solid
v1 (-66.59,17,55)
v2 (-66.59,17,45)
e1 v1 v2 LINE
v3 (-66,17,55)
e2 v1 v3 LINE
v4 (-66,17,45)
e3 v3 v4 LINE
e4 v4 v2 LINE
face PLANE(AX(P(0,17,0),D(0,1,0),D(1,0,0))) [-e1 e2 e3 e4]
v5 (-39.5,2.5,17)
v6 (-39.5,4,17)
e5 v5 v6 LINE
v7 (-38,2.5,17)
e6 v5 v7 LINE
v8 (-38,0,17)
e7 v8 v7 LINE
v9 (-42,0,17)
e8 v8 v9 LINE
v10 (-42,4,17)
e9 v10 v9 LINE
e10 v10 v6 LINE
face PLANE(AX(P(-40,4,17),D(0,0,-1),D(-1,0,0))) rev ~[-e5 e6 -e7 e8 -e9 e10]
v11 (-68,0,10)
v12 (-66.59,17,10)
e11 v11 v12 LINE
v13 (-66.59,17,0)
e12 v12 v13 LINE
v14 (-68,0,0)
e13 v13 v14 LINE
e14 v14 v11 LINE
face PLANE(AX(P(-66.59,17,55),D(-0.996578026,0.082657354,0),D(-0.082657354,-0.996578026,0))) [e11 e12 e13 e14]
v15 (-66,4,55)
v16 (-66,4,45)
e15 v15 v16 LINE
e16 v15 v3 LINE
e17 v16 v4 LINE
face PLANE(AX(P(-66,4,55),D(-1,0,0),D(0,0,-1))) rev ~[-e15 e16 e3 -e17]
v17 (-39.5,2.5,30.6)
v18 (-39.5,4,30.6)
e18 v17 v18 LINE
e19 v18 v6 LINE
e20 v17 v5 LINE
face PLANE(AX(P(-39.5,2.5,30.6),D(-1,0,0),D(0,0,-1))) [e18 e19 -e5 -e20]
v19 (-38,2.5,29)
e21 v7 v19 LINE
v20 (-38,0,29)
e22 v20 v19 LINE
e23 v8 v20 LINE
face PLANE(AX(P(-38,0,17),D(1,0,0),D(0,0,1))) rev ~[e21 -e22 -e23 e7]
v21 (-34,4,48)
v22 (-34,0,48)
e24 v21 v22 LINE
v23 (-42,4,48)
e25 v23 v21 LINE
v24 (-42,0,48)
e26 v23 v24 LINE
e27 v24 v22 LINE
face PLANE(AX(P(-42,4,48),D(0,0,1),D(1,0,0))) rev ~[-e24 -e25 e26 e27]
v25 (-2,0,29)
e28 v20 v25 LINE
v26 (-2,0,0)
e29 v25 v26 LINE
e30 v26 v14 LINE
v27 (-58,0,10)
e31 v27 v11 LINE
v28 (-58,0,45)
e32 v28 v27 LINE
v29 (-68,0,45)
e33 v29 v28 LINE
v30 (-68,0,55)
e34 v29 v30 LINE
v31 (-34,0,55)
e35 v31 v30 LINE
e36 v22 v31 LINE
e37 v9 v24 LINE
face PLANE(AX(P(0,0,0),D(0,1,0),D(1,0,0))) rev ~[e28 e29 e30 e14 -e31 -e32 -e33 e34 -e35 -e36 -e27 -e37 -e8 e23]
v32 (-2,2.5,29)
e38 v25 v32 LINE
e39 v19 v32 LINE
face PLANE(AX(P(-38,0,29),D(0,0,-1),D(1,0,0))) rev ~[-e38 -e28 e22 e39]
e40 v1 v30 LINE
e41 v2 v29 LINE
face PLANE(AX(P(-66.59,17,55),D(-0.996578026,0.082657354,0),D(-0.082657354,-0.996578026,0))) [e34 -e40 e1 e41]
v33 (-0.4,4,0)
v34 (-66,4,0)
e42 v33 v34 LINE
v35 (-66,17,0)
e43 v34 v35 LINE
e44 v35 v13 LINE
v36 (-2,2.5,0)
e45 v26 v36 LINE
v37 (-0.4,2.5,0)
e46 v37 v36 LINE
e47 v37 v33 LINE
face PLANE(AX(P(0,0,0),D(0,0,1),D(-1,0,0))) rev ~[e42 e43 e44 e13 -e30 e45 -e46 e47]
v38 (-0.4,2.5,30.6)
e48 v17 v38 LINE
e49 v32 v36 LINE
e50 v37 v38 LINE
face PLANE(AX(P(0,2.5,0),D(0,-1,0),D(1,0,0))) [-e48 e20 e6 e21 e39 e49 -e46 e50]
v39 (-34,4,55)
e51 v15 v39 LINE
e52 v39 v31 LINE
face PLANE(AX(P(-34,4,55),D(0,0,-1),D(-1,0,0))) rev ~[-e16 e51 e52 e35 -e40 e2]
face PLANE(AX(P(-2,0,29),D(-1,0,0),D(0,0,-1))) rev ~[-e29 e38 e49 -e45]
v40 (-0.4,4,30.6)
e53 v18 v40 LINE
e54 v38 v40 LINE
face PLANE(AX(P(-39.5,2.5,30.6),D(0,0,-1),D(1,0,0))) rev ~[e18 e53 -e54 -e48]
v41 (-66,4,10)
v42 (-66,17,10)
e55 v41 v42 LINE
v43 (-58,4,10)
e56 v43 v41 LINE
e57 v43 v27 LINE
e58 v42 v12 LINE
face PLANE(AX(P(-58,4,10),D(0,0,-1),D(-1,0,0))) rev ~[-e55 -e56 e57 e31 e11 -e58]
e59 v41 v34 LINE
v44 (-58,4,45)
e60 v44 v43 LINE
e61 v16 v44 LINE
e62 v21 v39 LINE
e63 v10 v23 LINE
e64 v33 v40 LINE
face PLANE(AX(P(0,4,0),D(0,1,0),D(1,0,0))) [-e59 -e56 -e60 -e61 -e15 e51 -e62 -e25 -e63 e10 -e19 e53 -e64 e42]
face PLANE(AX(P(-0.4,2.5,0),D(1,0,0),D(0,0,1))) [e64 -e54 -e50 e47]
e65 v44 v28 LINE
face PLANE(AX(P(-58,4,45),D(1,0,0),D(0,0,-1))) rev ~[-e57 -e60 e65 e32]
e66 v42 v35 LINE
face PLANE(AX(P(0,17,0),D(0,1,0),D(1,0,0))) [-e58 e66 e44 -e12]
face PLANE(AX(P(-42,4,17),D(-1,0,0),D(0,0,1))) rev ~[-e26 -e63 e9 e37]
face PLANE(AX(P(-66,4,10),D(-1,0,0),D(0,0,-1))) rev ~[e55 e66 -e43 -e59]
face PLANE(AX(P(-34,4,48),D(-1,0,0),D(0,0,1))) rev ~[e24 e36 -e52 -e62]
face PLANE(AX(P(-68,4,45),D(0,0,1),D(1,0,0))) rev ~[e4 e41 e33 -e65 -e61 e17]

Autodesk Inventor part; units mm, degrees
ref_plane "YZ Plane" through (0, 0, 0) normal (1, 0, 0) x (0, 1, 0)
ref_plane "XZ Plane" through (0, 0, 0) normal (0, 1, 0) x (-1, 0, 0)
ref_plane "XY Plane" through (0, 0, 0) normal (0, 0, 1) x (1, 0, 0)
sketch "плоскость" plane through (0, 0, 0) normal (0, 1, 0) x (-1, 0, 0)
  line L0 (68, 55) -> (0, 55)
  line L1 (0, 55) -> (0, 0)
  line L2 (0, 0) -> (68, 0)
  line L3 (68, 0) -> (68, 55)
  dimension "d0" = 68
  dimension "d1" = 55
extrude "толщина" add sketch "плоскость" along normal blind 4
sketch "вырез" plane through (0, 4, 0) normal (0, 1, 0) x (1, 0, 0)
  line L0 (-68, 0) -> (-68, -55) projected
  line L1 (-68, -45) -> (-58, -45)
  line L2 (-58, -45) -> (-58, -10)
  line L3 (-58, -10) -> (-68, -10)
  line L4 (-68, -10) -> (-68, -45)
  line L5 (0, -55) -> (0, 0) projected
  line L6 (-68, -55) -> (0, -55) projected
  line L7 (0, -31) -> (-42, -31)
  line L8 (-42, -31) -> (-42, -55)
  line L9 (-42, -55) -> (0, -55)
  line L10 (0, -55) -> (0, -31)
  line L11 (0, 0) -> (-68, 0) projected
  point P0 (-68, -10)
  point P1 (-63, -10)
  point P2 (-63, -45)
  dimension "d4" = 35
  dimension "d5" = 10
  dimension "d25" = 58
  dimension "d34" = 10
  dimension "d35" = 10
extrude "вырез глубина" cut sketch "вырез" against normal blind 4 contours L3 L2 L1 L0
sketch "Эскиз3" plane through (0, 4, 0) normal (0, 1, 0) x (1, 0, 0)
  line L0 (-68, 0) -> (-68, -55) projected
  line L1 (-58, -45) -> (-68, -45) projected
  line L2 (-68, -55) -> (-66, -55)
  line L3 (-66, -55) -> (-66, -45)
  line L4 (-66, -45) -> (-68, -45)
  line L5 (-68, -45) -> (-68, -55)
  line L6 (-58, -10) -> (-68, -10) projected
  line L7 (0, 0) -> (-68, 0) projected
  line L8 (-68, -10) -> (-66, -10)
  line L9 (-66, -10) -> (-66, 0)
  line L10 (-66, 0) -> (-68, 0)
  line L11 (-68, 0) -> (-68, -10)
  point P0 (-68, 0)
extrude "Выдавливание3" add sketch "Эскиз3" along normal blind 13
sketch "лапки" plane through (-68, 0, 55) normal (0, 0, 1) x (1, 0, 0)
  line L0 (0, 0) -> (0, 17) projected
  line L1 (0, 0) -> (0, 17)
  line L2 (0, 17) -> (1.41, 17)
  line L3 (0, 0) -> (10, 0) projected
  line L4 (1.41, 17) -> (0, 0)
  point P0 (68, 0)
  point P1 (0, 1)
  point P2 (0, 1)
extrude "Выдавливание4" cut sketch "лапки" against normal through all
sketch "Эскиз10" plane through (0, 4, 0) normal (0, 1, 0) x (1, 0, 0)
  line L0 (0, -55) -> (0, 0) projected
  line L1 (-68, -55) -> (0, -55) projected
  line L2 (0, -31) -> (-42, -31)
  line L3 (-42, -31) -> (-42, -55)
  line L4 (-42, -55) -> (0, -55)
  line L5 (0, -55) -> (0, -31)
extrude "Выдавливание7" cut sketch "Эскиз10" against normal blind 4
sketch "Эскиз11" plane through (0, 4, 0) normal (0, 1, 0) x (1, 0, 0)
  line L0 (0, -31) -> (-42, -31) projected
  line L1 (-40, -17) -> (-42, -17)
  line L2 (-42, -17) -> (-42, -31)
  line L3 (-42, -31) -> (-40, -31)
  line L4 (-40, -31) -> (-40, -17)
  point P0 (0, 0)
extrude "Выдавливание8" cut sketch "Эскиз11" against normal blind 4
sketch "Эскиз12" plane through (0, 4, 0) normal (0, 1, 0) x (1, 0, 0)
  line L0 (-42, -55) -> (-42, -17) projected
  line L1 (-42, -48) -> (-34, -48)
  line L2 (-34, -48) -> (-34, -55)
  line L3 (-34, -55) -> (-42, -55)
  line L4 (-42, -55) -> (-42, -48)
  line L5 (-40, -31) -> (0, -31) projected
  point P0 (0, 0)
  point P1 (-42, -55)
  point P2 (-38, -55)
  point P3 (-38, -48)
  point P4 (-42, -51.5)
  point P5 (-34, -51.5)
  dimension "d36" = 7
  dimension "d37" = 8
  dimension "d38" = 17
extrude "Выдавливание9" add sketch "Эскиз12" against normal blind 4
sketch "Эскиз14" plane through (0, 0, 0) normal (0, -1, 0) x (1, 0, 0)
  line L0 (-42, 17) -> (-40, 17) projected
  line L1 (-40, 17) -> (-38, 17)
  line L2 (-38, 17) -> (-38, 31)
  line L3 (-38, 31) -> (-40, 31)
  line L4 (-40, 31) -> (-40, 17)
  line L5 (0, 31) -> (0, 0) projected
  line L6 (-40, 29) -> (0, 29)
  line L7 (0, 29) -> (0, 31)
  line L8 (0, 31) -> (-40, 31)
  line L9 (-40, 31) -> (-40, 29)
  line L10 (0, 0) -> (-68, 0) projected
  line L11 (0, 31) -> (-2, 31)
  line L12 (-2, 31) -> (-2, 0)
  line L13 (-2, 0) -> (0, 0)
  line L14 (0, 0) -> (0, 31)
  point P0 (-38, 29)
  point P1 (-2, 29)
  point P2 (-40, 24)
  point P3 (-38, 24)
  dimension "d46" = 2
  dimension "d47" = 2
  dimension "d48" = 2
extrude "Выдавливание10" cut sketch "Эскиз14" against normal blind 2.5
sketch "Эскиз15" plane through (0, 2.5, 0) normal (0, -1, 0) x (1, 0, 0)
  line L0 (-40, 31) -> (0, 31) projected
  line L1 (0, 0) -> (-0.4, 0)
  line L2 (-0.4, 0) -> (-0.4, 31)
  line L3 (-0.4, 31) -> (0, 31)
  line L4 (0, 31) -> (0, 0)
  line L5 (-40, 17) -> (-40, 31) projected
  line L6 (0, 31) -> (-40, 31)
  line L7 (-40, 31) -> (-40, 30.6)
  line L8 (-40, 30.6) -> (0, 30.6)
  line L9 (0, 30.6) -> (0, 31)
  line L10 (-38, 17) -> (-42, 17) projected
  line L11 (-40, 31) -> (-39.5, 31)
  line L12 (-39.5, 31) -> (-39.5, 17)
  line L13 (-39.5, 17) -> (-40, 17)
  line L14 (-40, 17) -> (-40, 31)
  point P0 (0, 31)
  point P1 (-39.5, 30.6)
  point P2 (-0.4, 30.6)
  dimension "d41" = 0.4
  dimension "d42" = 0.4
  dimension "d43" = 0.5
extrude "Выдавливание11" cut sketch "Эскиз15" against normal blind 1.5
properties part number "box_hut03_10_2025"
